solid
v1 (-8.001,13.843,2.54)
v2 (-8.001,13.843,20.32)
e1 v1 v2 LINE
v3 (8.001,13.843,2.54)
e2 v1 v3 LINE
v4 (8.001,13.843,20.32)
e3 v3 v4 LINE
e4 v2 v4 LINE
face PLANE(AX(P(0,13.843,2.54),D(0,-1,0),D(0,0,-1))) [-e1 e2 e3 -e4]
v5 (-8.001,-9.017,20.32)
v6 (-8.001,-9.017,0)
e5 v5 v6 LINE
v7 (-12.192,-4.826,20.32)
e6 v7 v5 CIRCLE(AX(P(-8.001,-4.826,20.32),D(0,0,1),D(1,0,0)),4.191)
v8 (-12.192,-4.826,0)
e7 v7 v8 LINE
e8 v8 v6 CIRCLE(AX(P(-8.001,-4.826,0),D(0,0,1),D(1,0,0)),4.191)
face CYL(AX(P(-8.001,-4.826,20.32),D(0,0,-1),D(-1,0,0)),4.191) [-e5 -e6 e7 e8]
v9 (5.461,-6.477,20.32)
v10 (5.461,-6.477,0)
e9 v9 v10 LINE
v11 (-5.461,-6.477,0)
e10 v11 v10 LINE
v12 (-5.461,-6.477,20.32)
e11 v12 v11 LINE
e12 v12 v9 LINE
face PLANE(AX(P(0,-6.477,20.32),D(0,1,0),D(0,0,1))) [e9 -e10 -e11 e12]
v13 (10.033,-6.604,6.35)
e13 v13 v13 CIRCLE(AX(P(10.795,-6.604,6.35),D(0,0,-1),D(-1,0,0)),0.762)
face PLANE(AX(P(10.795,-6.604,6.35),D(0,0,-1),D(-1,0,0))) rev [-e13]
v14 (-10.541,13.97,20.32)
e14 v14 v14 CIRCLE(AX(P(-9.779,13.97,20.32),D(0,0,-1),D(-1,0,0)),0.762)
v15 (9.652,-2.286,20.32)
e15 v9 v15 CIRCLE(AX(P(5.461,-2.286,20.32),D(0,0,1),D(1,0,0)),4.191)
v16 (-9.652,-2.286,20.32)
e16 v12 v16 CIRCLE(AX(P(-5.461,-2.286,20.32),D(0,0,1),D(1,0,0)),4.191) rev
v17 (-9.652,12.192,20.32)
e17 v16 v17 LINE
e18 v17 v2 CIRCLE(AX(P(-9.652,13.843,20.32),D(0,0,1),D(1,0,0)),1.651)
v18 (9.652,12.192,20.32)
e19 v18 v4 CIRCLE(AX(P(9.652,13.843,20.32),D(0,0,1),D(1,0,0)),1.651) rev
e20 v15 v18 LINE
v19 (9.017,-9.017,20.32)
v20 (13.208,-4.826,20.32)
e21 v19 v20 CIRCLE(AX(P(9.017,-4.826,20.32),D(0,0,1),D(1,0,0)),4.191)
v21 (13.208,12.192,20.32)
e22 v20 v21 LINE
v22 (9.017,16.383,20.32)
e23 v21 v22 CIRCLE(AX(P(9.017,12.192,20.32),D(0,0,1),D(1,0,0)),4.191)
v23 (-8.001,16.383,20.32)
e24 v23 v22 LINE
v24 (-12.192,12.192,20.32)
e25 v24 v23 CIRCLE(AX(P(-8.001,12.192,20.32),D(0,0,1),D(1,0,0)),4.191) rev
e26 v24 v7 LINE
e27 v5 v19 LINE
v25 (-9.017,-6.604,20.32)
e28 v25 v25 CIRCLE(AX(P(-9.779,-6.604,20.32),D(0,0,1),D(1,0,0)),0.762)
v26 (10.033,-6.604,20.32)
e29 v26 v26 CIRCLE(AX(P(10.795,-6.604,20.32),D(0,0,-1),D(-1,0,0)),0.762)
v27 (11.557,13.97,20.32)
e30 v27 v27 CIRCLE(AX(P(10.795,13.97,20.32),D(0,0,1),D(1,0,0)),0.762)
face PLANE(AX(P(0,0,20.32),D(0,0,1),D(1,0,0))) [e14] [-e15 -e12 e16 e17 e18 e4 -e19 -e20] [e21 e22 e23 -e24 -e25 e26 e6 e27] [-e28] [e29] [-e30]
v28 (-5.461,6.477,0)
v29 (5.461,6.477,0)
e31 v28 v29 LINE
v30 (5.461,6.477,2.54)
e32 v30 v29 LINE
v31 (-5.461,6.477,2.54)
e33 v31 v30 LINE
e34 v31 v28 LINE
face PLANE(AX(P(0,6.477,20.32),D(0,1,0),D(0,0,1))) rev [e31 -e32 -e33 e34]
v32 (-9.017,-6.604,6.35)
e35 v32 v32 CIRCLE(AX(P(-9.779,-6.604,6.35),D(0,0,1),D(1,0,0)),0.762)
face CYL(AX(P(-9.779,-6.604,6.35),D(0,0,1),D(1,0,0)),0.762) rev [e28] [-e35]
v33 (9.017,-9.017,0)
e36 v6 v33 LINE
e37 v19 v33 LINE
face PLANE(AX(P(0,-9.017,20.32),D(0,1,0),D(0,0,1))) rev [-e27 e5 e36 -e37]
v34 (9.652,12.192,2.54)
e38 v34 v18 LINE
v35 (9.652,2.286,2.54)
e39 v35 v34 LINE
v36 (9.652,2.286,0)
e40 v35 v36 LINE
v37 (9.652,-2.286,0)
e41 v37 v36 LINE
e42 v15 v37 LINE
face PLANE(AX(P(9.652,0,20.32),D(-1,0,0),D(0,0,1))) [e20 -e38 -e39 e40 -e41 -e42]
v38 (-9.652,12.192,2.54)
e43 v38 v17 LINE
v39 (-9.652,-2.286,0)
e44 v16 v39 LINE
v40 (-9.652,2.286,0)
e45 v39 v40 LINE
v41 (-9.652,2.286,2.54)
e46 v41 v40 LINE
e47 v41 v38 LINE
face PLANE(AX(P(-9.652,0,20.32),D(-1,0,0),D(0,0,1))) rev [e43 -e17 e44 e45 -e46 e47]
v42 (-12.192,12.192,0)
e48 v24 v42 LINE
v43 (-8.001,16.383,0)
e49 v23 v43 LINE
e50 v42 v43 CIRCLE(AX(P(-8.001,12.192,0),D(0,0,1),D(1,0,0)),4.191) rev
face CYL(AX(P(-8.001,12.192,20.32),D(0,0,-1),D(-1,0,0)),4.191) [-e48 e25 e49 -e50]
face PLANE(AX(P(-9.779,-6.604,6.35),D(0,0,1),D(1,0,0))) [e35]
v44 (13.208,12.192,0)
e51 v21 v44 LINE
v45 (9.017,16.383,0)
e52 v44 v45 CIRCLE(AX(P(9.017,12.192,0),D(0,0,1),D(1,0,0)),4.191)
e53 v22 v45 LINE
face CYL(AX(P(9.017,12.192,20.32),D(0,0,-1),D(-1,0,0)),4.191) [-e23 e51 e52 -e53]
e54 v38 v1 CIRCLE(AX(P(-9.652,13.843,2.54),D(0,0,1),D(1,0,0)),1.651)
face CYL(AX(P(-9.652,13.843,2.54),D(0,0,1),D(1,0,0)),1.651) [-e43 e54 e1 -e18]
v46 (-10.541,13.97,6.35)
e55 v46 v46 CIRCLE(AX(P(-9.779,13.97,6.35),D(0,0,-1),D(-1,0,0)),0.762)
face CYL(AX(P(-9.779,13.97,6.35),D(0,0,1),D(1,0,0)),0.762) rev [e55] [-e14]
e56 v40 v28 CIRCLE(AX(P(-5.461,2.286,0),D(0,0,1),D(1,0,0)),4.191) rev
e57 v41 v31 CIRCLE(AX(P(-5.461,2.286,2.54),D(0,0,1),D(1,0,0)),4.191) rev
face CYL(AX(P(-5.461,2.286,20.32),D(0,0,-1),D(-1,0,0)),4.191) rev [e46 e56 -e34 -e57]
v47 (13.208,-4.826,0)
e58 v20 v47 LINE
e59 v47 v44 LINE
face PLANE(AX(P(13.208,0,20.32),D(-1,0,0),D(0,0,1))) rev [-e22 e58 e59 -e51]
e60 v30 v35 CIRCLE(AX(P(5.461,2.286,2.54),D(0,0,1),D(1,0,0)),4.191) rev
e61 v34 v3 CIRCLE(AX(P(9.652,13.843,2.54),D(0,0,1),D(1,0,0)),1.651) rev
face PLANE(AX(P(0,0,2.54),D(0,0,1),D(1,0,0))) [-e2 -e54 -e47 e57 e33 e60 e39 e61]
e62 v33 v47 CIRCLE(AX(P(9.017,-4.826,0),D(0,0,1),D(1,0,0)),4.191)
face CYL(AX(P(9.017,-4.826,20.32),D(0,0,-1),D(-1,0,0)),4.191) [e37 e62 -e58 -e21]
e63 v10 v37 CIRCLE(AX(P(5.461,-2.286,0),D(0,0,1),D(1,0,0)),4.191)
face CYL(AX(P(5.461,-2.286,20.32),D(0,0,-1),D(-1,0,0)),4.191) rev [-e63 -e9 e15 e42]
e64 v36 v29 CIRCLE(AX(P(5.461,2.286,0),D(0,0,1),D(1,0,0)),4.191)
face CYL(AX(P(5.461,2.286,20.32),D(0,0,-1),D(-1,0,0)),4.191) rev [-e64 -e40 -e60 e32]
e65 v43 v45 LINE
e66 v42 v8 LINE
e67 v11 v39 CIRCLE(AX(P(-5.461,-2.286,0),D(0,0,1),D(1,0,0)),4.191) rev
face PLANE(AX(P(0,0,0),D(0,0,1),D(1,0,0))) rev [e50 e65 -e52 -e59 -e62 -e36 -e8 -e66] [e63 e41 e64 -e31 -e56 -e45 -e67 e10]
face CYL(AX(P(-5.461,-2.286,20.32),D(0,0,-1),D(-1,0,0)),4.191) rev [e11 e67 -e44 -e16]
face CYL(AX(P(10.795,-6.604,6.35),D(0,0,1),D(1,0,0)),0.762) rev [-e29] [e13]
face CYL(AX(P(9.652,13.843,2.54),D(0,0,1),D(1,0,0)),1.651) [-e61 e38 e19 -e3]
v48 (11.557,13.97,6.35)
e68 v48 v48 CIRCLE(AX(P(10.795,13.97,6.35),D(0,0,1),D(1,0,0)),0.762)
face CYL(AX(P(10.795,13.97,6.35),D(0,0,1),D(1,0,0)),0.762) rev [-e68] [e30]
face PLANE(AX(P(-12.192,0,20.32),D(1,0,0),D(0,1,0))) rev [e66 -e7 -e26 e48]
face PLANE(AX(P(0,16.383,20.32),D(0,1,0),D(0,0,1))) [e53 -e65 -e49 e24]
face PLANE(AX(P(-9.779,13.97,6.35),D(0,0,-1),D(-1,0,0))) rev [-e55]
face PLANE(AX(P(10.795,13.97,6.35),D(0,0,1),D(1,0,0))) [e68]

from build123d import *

# Parameters (mm, degrees)
BOSS_EXTRUDE1_DEPTH = 20.32
CUT_EXTRUDE1_START  = -17.78
CUT_EXTRUDE1_DEPTH  = 17.78
SKETCH3_6_R         = 0.762
CUT_EXTRUDE2_DEPTH  = 13.97
SKETCH3_7_R         = 0.762
CUT_EXTRUDE3_DEPTH  = 13.97
SKETCH3_8_R         = 0.762
CUT_EXTRUDE4_DEPTH  = 13.97
SKETCH3_9_R         = 0.762
CUT_EXTRUDE5_DEPTH  = 13.97


with BuildPart() as part:
    # Sketch1 → Boss-Extrude1 (new body)
    with BuildSketch(Plane.XY):
        with BuildLine():
            ThreePointArc((9.017, -9.017), (11.32406957, -8.324844238), (12.869100726, -6.477))
            ThreePointArc((12.869100726, -6.477), (13.122401024, -5.668711949), (13.208, -4.826))
            Line((13.208, -4.826), (13.208, 12.192))
            ThreePointArc((13.208, 12.192), (11.98048452, 15.15548452), (9.017, 16.383))
            Line((9.017, 16.383), (-8.001, 16.383))
            ThreePointArc((-8.001, 16.383), (-10.96448452, 15.15548452), (-12.192, 12.192))
            Line((-12.192, 12.192), (-12.192, -4.826))
            ThreePointArc((-12.192, -4.826), (-10.96448452, -7.78948452), (-8.001, -9.017))
            Line((-8.001, -9.017), (9.017, -9.017))
        make_face()
        with BuildLine():
            Line((5.461, -6.477), (-5.461, -6.477))
            ThreePointArc((-5.461, -6.477), (-8.42448452, -5.24948452), (-9.652, -2.286))
            Line((-9.652, -2.286), (-9.652, 2.286))
            ThreePointArc((-9.652, 2.286), (-8.42448452, 5.24948452), (-5.461, 6.477))
            Line((-5.461, 6.477), (5.461, 6.477))
            ThreePointArc((5.461, 6.477), (8.42448452, 5.24948452), (9.652, 2.286))
            Line((9.652, 2.286), (9.652, -2.286))
            ThreePointArc((9.652, -2.286), (8.42448452, -5.24948452), (5.461, -6.477))
        make_face(mode=Mode.SUBTRACT)
    extrude(amount=BOSS_EXTRUDE1_DEPTH)

    # Sketch3 → Cut-Extrude1 (cut)
    with BuildSketch(Plane.XY.offset(20.32).offset(CUT_EXTRUDE1_START)):
        with BuildLine():
            Line((-9.652, 12.192), (-9.652, 2.286))
            ThreePointArc((-9.652, 2.286), (-8.42448452, 5.24948452), (-5.461, 6.477))
            Line((-5.461, 6.477), (5.461, 6.477))
            ThreePointArc((5.461, 6.477), (8.42448452, 5.24948452), (9.652, 2.286))
            Line((9.652, 2.286), (9.652, 3.683))
            Line((9.652, 3.683), (9.652, 12.192))
            ThreePointArc((9.652, 12.192), (8.484566704, 12.675566704), (8.001, 13.843))
            Line((8.001, 13.843), (-8.001, 13.843))
            ThreePointArc((-8.001, 13.843), (-8.484566704, 12.675566704), (-9.652, 12.192))
        make_face()
    extrude(amount=CUT_EXTRUDE1_DEPTH, mode=Mode.SUBTRACT)

    # Sketch3<6> → Cut-Extrude2 (cut)
    with BuildSketch(Plane.XY.offset(20.32)):
        with Locations((-9.779, 13.97)):
            Circle(SKETCH3_6_R)
    extrude(amount=-CUT_EXTRUDE2_DEPTH, mode=Mode.SUBTRACT)

    # Sketch3<7> → Cut-Extrude3 (cut)
    with BuildSketch(Plane.XY.offset(20.32)):
        with Locations((10.795, 13.97)):
            Circle(SKETCH3_7_R)
    extrude(amount=-CUT_EXTRUDE3_DEPTH, mode=Mode.SUBTRACT)

    # Sketch3<8> → Cut-Extrude4 (cut)
    with BuildSketch(Plane.XY.offset(20.32)):
        with Locations((10.795, -6.604)):
            Circle(SKETCH3_8_R)
    extrude(amount=-CUT_EXTRUDE4_DEPTH, mode=Mode.SUBTRACT)

    # Sketch3<9> → Cut-Extrude5 (cut)
    with BuildSketch(Plane.XY.offset(20.32)):
        with Locations((-9.779, -6.604)):
            Circle(SKETCH3_9_R)
    extrude(amount=-CUT_EXTRUDE5_DEPTH, mode=Mode.SUBTRACT)


solid = part.part
